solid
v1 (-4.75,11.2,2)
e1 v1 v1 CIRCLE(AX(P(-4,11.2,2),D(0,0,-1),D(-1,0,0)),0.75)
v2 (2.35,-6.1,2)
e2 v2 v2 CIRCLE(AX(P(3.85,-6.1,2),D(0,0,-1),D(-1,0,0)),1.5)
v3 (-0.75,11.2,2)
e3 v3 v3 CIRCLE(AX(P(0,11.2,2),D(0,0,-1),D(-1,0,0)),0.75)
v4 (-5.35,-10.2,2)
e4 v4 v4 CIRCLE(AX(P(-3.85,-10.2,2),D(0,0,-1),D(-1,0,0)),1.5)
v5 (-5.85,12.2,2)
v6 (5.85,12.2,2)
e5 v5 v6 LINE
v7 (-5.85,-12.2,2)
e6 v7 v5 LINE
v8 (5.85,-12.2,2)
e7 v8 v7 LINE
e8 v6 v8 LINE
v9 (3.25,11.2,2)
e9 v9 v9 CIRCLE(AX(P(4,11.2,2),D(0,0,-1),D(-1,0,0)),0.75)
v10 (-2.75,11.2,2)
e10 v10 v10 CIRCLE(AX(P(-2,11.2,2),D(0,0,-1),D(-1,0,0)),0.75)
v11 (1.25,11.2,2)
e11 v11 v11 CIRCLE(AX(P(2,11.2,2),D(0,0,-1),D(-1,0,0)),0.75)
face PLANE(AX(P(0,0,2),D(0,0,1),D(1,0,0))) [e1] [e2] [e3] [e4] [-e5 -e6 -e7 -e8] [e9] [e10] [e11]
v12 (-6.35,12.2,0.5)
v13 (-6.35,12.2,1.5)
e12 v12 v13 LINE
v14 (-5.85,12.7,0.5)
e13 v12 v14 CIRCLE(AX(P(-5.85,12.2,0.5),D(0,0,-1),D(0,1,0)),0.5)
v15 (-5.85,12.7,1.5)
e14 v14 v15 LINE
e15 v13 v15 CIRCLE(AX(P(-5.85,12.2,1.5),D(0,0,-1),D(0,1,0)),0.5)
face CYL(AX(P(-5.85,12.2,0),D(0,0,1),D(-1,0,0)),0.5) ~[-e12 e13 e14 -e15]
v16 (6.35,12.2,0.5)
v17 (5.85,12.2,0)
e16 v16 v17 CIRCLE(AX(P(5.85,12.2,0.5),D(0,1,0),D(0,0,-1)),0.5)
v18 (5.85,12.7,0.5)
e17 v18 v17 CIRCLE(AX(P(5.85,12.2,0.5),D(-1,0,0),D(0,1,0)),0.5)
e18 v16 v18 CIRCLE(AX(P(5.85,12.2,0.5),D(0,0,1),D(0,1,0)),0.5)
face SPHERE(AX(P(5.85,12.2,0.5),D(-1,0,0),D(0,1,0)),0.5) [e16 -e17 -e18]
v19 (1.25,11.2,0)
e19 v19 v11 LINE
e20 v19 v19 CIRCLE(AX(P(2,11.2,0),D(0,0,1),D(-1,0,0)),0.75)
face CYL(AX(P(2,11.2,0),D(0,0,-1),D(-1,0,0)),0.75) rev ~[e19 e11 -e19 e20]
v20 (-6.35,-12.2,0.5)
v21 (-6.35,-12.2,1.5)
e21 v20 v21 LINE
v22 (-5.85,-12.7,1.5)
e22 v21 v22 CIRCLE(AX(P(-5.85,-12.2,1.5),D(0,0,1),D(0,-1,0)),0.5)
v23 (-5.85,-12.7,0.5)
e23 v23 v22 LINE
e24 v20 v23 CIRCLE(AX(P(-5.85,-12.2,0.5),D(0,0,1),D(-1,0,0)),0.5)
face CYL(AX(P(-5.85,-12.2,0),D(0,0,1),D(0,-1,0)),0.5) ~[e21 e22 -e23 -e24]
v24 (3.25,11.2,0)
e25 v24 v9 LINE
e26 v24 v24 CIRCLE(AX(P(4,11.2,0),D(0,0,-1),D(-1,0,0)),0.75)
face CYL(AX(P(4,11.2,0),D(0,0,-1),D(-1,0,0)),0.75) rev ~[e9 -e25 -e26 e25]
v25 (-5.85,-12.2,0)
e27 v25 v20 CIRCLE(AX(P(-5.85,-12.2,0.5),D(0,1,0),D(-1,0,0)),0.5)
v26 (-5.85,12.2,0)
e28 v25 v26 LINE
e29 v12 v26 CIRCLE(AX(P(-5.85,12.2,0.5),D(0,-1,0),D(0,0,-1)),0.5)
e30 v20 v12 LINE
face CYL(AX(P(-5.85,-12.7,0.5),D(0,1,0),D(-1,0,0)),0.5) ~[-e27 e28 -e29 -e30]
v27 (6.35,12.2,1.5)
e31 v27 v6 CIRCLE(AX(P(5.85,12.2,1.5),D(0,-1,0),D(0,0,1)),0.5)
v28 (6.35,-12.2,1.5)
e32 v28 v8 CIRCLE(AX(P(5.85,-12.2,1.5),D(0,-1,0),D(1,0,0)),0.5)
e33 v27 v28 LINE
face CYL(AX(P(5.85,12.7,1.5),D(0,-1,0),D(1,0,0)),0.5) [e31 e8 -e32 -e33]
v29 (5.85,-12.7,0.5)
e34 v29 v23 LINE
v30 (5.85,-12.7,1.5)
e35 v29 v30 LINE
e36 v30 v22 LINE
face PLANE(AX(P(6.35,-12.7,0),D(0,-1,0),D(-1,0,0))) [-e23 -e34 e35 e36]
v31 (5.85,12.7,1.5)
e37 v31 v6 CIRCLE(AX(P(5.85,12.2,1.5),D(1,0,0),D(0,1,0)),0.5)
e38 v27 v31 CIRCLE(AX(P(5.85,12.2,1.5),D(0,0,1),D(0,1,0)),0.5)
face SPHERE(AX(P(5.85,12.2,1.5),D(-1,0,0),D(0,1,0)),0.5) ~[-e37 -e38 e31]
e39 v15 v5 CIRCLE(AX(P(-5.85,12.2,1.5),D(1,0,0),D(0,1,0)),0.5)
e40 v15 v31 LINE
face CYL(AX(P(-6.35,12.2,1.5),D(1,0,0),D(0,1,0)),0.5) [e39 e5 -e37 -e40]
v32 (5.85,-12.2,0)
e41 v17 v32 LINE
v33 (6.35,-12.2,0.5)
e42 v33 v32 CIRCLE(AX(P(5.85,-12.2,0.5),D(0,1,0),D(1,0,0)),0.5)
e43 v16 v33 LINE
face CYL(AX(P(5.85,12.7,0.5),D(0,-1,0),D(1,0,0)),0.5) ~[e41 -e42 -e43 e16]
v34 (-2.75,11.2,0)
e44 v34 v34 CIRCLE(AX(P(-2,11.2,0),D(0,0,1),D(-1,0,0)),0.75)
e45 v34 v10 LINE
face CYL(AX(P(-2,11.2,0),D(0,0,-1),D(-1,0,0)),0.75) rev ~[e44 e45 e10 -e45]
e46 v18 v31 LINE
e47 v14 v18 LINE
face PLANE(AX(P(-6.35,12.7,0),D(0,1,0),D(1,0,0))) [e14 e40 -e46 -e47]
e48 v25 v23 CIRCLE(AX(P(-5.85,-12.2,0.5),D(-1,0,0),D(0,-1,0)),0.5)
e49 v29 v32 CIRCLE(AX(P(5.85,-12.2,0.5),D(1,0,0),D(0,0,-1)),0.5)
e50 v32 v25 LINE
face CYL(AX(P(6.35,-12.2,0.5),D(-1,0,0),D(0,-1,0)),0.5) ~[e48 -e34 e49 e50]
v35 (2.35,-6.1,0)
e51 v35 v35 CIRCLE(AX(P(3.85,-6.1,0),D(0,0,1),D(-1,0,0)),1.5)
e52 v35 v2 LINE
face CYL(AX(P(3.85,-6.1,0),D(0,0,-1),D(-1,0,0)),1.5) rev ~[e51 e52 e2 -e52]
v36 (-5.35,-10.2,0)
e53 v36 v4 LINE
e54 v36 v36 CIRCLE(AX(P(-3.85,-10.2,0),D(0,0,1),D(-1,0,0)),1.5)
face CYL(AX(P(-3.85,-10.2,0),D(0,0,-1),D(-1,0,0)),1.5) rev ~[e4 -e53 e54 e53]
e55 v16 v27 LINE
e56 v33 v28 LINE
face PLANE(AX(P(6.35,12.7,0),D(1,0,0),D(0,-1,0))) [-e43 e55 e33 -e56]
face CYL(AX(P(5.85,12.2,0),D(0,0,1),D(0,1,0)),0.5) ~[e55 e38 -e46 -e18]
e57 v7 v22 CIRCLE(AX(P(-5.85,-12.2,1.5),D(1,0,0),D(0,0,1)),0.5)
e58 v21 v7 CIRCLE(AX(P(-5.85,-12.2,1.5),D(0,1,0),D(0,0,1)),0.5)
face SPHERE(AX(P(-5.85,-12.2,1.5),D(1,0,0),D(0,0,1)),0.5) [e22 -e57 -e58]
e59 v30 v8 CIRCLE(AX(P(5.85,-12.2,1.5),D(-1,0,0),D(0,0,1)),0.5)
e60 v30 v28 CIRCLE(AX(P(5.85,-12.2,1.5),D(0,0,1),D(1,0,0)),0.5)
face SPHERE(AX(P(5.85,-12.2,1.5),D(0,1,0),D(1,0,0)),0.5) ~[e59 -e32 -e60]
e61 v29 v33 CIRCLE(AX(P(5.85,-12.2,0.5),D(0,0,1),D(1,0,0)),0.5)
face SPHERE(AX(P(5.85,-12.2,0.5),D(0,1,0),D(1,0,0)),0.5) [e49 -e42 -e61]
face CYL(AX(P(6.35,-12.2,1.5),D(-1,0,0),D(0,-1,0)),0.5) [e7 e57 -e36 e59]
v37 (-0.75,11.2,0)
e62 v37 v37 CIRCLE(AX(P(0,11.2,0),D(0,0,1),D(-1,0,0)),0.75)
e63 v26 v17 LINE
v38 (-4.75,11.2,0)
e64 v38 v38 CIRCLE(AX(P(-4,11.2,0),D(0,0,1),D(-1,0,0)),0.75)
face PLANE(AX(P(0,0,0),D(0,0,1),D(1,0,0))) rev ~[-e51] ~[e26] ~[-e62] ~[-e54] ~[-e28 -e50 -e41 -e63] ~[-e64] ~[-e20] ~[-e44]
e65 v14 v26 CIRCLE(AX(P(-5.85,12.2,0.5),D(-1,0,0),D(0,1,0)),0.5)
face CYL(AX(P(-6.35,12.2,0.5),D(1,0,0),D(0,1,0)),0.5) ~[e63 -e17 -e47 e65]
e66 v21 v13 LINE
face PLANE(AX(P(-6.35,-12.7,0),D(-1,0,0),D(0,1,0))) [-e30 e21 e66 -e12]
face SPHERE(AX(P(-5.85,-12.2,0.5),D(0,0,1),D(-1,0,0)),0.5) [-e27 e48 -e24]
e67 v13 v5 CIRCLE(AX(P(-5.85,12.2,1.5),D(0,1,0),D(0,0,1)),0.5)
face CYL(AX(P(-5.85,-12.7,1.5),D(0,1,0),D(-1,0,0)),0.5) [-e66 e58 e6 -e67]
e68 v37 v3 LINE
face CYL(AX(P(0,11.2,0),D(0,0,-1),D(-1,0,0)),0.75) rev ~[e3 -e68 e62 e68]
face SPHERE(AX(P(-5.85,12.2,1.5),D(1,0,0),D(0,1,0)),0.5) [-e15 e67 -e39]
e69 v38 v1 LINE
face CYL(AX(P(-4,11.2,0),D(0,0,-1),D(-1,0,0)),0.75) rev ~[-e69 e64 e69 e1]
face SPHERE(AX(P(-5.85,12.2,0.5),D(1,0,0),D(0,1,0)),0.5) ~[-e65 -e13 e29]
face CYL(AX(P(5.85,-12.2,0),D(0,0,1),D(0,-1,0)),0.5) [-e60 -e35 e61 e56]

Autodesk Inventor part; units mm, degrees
ref_plane "YZ Plane" through (0, 0, 0) normal (1, 0, 0) x (0, 1, 0)
ref_plane "XZ Plane" through (0, 0, 0) normal (0, 1, 0) x (-1, 0, 0)
ref_plane "XY Plane" through (0, 0, 0) normal (0, 0, 1) x (1, 0, 0)
sketch "Szkic1" plane through (0, 0, 0) normal (0, 0, 1) x (1, 0, 0)
  line L0 (6.35, -12.7) -> (-6.35, -12.7)
  line L1 (-6.35, -12.7) -> (-6.35, 12.7)
  line L2 (-6.35, 12.7) -> (6.35, 12.7)
  line L3 (6.35, 12.7) -> (6.35, -12.7)
  line L4 (6.35, -12.7) -> (-6.35, 12.7) construction
  line L5 (-6.35, -12.7) -> (6.35, 12.7) construction
  point P0 (0, 0)
  dimension "d0" = 12.7
  dimension "d1" = 25.4
extrude "Wyciągnięcie proste1" add sketch "Szkic1" along normal blind 2
fillet "Zaokrąglenie1" radius 0.5 12 edges at (0, 12.7, 2) (0, 12.7, 0) (-6.35, 12.7, 1) (6.35, 12.7, 1) (6.35, 0, 2) (6.35, 0, 0) (6.35, -12.7, 1) (0, -12.7, 2) (-6.35, 0, 2) (-6.35, -12.7, 1) (-6.35, 0, 0) (0, -12.7, 0)
sketch "Szkic2" plane through (0, 0, 0) normal (0, 0, -1) x (-1, 0, 0)
  line L0 (-5.85, -12.2) -> (5.85, -12.2) projected
  line L1 (-5.85, -12.2) -> (-5.85, -6.1)
  line L2 (-5.85, 12.2) -> (-5.85, -12.2) projected
  line L3 (-5.85, -6.1) -> (-3.85, -6.1)
  line L4 (5.85, -12.2) -> (5.85, 12.2) projected
  line L5 (5.85, -12.2) -> (3.85, -12.2)
  line L6 (3.85, -12.2) -> (3.85, -10.2)
  circle A0 centre (-3.85, -6.1) radius 1.5
  circle A1 centre (3.85, -10.2) radius 1.5
  line L7 (5.85, 12.2) -> (-5.85, 12.2) projected
  line L8 (-5.85, 12.2) -> (-5.85, 11.2)
  line L9 (0, 12.2) -> (0, 11.2)
  line L10 (0, 11.2) -> (-2, 11.2)
  line L11 (-2, 11.2) -> (-4, 11.2)
  line L12 (0, 11.2) -> (2, 11.2)
  line L13 (2, 11.2) -> (4, 11.2)
  circle A2 centre (-4, 11.2) radius 0.75
  circle A3 centre (-2, 11.2) radius 0.75
  circle A4 centre (0, 11.2) radius 0.75
  circle A5 centre (2, 11.2) radius 0.75
  circle A6 centre (4, 11.2) radius 0.75
  point P0 (0, 0)
  dimension "d5" = 6.1
  dimension "d8" = 2
  dimension "d9" = 2
  dimension "d10" = 2
  dimension "d11" = 3
  dimension "d12" = 3
  dimension "d13" = 1
  dimension "d14" = 1
  dimension "d15" = 2
  dimension "d16" = 2
  dimension "d17" = 2
  dimension "d18" = 2
  dimension "d19" = 1.5
  dimension "d20" = 1.5
  dimension "d21" = 1.5
  dimension "d22" = 1.5
  dimension "d23" = 1.5
extrude "Wyciągnięcie proste2" cut sketch "Szkic2" against normal blind 2 contours A1 | A6 | A5 L13 L12 | L12 L13 A5 | A2 | A3 L11 L10 | L10 L11 A3 | A4 L12 L9 | L9 L10 A4 | A0 | L12 A4 L10
properties part number "Czujnik AltIMU-10"
